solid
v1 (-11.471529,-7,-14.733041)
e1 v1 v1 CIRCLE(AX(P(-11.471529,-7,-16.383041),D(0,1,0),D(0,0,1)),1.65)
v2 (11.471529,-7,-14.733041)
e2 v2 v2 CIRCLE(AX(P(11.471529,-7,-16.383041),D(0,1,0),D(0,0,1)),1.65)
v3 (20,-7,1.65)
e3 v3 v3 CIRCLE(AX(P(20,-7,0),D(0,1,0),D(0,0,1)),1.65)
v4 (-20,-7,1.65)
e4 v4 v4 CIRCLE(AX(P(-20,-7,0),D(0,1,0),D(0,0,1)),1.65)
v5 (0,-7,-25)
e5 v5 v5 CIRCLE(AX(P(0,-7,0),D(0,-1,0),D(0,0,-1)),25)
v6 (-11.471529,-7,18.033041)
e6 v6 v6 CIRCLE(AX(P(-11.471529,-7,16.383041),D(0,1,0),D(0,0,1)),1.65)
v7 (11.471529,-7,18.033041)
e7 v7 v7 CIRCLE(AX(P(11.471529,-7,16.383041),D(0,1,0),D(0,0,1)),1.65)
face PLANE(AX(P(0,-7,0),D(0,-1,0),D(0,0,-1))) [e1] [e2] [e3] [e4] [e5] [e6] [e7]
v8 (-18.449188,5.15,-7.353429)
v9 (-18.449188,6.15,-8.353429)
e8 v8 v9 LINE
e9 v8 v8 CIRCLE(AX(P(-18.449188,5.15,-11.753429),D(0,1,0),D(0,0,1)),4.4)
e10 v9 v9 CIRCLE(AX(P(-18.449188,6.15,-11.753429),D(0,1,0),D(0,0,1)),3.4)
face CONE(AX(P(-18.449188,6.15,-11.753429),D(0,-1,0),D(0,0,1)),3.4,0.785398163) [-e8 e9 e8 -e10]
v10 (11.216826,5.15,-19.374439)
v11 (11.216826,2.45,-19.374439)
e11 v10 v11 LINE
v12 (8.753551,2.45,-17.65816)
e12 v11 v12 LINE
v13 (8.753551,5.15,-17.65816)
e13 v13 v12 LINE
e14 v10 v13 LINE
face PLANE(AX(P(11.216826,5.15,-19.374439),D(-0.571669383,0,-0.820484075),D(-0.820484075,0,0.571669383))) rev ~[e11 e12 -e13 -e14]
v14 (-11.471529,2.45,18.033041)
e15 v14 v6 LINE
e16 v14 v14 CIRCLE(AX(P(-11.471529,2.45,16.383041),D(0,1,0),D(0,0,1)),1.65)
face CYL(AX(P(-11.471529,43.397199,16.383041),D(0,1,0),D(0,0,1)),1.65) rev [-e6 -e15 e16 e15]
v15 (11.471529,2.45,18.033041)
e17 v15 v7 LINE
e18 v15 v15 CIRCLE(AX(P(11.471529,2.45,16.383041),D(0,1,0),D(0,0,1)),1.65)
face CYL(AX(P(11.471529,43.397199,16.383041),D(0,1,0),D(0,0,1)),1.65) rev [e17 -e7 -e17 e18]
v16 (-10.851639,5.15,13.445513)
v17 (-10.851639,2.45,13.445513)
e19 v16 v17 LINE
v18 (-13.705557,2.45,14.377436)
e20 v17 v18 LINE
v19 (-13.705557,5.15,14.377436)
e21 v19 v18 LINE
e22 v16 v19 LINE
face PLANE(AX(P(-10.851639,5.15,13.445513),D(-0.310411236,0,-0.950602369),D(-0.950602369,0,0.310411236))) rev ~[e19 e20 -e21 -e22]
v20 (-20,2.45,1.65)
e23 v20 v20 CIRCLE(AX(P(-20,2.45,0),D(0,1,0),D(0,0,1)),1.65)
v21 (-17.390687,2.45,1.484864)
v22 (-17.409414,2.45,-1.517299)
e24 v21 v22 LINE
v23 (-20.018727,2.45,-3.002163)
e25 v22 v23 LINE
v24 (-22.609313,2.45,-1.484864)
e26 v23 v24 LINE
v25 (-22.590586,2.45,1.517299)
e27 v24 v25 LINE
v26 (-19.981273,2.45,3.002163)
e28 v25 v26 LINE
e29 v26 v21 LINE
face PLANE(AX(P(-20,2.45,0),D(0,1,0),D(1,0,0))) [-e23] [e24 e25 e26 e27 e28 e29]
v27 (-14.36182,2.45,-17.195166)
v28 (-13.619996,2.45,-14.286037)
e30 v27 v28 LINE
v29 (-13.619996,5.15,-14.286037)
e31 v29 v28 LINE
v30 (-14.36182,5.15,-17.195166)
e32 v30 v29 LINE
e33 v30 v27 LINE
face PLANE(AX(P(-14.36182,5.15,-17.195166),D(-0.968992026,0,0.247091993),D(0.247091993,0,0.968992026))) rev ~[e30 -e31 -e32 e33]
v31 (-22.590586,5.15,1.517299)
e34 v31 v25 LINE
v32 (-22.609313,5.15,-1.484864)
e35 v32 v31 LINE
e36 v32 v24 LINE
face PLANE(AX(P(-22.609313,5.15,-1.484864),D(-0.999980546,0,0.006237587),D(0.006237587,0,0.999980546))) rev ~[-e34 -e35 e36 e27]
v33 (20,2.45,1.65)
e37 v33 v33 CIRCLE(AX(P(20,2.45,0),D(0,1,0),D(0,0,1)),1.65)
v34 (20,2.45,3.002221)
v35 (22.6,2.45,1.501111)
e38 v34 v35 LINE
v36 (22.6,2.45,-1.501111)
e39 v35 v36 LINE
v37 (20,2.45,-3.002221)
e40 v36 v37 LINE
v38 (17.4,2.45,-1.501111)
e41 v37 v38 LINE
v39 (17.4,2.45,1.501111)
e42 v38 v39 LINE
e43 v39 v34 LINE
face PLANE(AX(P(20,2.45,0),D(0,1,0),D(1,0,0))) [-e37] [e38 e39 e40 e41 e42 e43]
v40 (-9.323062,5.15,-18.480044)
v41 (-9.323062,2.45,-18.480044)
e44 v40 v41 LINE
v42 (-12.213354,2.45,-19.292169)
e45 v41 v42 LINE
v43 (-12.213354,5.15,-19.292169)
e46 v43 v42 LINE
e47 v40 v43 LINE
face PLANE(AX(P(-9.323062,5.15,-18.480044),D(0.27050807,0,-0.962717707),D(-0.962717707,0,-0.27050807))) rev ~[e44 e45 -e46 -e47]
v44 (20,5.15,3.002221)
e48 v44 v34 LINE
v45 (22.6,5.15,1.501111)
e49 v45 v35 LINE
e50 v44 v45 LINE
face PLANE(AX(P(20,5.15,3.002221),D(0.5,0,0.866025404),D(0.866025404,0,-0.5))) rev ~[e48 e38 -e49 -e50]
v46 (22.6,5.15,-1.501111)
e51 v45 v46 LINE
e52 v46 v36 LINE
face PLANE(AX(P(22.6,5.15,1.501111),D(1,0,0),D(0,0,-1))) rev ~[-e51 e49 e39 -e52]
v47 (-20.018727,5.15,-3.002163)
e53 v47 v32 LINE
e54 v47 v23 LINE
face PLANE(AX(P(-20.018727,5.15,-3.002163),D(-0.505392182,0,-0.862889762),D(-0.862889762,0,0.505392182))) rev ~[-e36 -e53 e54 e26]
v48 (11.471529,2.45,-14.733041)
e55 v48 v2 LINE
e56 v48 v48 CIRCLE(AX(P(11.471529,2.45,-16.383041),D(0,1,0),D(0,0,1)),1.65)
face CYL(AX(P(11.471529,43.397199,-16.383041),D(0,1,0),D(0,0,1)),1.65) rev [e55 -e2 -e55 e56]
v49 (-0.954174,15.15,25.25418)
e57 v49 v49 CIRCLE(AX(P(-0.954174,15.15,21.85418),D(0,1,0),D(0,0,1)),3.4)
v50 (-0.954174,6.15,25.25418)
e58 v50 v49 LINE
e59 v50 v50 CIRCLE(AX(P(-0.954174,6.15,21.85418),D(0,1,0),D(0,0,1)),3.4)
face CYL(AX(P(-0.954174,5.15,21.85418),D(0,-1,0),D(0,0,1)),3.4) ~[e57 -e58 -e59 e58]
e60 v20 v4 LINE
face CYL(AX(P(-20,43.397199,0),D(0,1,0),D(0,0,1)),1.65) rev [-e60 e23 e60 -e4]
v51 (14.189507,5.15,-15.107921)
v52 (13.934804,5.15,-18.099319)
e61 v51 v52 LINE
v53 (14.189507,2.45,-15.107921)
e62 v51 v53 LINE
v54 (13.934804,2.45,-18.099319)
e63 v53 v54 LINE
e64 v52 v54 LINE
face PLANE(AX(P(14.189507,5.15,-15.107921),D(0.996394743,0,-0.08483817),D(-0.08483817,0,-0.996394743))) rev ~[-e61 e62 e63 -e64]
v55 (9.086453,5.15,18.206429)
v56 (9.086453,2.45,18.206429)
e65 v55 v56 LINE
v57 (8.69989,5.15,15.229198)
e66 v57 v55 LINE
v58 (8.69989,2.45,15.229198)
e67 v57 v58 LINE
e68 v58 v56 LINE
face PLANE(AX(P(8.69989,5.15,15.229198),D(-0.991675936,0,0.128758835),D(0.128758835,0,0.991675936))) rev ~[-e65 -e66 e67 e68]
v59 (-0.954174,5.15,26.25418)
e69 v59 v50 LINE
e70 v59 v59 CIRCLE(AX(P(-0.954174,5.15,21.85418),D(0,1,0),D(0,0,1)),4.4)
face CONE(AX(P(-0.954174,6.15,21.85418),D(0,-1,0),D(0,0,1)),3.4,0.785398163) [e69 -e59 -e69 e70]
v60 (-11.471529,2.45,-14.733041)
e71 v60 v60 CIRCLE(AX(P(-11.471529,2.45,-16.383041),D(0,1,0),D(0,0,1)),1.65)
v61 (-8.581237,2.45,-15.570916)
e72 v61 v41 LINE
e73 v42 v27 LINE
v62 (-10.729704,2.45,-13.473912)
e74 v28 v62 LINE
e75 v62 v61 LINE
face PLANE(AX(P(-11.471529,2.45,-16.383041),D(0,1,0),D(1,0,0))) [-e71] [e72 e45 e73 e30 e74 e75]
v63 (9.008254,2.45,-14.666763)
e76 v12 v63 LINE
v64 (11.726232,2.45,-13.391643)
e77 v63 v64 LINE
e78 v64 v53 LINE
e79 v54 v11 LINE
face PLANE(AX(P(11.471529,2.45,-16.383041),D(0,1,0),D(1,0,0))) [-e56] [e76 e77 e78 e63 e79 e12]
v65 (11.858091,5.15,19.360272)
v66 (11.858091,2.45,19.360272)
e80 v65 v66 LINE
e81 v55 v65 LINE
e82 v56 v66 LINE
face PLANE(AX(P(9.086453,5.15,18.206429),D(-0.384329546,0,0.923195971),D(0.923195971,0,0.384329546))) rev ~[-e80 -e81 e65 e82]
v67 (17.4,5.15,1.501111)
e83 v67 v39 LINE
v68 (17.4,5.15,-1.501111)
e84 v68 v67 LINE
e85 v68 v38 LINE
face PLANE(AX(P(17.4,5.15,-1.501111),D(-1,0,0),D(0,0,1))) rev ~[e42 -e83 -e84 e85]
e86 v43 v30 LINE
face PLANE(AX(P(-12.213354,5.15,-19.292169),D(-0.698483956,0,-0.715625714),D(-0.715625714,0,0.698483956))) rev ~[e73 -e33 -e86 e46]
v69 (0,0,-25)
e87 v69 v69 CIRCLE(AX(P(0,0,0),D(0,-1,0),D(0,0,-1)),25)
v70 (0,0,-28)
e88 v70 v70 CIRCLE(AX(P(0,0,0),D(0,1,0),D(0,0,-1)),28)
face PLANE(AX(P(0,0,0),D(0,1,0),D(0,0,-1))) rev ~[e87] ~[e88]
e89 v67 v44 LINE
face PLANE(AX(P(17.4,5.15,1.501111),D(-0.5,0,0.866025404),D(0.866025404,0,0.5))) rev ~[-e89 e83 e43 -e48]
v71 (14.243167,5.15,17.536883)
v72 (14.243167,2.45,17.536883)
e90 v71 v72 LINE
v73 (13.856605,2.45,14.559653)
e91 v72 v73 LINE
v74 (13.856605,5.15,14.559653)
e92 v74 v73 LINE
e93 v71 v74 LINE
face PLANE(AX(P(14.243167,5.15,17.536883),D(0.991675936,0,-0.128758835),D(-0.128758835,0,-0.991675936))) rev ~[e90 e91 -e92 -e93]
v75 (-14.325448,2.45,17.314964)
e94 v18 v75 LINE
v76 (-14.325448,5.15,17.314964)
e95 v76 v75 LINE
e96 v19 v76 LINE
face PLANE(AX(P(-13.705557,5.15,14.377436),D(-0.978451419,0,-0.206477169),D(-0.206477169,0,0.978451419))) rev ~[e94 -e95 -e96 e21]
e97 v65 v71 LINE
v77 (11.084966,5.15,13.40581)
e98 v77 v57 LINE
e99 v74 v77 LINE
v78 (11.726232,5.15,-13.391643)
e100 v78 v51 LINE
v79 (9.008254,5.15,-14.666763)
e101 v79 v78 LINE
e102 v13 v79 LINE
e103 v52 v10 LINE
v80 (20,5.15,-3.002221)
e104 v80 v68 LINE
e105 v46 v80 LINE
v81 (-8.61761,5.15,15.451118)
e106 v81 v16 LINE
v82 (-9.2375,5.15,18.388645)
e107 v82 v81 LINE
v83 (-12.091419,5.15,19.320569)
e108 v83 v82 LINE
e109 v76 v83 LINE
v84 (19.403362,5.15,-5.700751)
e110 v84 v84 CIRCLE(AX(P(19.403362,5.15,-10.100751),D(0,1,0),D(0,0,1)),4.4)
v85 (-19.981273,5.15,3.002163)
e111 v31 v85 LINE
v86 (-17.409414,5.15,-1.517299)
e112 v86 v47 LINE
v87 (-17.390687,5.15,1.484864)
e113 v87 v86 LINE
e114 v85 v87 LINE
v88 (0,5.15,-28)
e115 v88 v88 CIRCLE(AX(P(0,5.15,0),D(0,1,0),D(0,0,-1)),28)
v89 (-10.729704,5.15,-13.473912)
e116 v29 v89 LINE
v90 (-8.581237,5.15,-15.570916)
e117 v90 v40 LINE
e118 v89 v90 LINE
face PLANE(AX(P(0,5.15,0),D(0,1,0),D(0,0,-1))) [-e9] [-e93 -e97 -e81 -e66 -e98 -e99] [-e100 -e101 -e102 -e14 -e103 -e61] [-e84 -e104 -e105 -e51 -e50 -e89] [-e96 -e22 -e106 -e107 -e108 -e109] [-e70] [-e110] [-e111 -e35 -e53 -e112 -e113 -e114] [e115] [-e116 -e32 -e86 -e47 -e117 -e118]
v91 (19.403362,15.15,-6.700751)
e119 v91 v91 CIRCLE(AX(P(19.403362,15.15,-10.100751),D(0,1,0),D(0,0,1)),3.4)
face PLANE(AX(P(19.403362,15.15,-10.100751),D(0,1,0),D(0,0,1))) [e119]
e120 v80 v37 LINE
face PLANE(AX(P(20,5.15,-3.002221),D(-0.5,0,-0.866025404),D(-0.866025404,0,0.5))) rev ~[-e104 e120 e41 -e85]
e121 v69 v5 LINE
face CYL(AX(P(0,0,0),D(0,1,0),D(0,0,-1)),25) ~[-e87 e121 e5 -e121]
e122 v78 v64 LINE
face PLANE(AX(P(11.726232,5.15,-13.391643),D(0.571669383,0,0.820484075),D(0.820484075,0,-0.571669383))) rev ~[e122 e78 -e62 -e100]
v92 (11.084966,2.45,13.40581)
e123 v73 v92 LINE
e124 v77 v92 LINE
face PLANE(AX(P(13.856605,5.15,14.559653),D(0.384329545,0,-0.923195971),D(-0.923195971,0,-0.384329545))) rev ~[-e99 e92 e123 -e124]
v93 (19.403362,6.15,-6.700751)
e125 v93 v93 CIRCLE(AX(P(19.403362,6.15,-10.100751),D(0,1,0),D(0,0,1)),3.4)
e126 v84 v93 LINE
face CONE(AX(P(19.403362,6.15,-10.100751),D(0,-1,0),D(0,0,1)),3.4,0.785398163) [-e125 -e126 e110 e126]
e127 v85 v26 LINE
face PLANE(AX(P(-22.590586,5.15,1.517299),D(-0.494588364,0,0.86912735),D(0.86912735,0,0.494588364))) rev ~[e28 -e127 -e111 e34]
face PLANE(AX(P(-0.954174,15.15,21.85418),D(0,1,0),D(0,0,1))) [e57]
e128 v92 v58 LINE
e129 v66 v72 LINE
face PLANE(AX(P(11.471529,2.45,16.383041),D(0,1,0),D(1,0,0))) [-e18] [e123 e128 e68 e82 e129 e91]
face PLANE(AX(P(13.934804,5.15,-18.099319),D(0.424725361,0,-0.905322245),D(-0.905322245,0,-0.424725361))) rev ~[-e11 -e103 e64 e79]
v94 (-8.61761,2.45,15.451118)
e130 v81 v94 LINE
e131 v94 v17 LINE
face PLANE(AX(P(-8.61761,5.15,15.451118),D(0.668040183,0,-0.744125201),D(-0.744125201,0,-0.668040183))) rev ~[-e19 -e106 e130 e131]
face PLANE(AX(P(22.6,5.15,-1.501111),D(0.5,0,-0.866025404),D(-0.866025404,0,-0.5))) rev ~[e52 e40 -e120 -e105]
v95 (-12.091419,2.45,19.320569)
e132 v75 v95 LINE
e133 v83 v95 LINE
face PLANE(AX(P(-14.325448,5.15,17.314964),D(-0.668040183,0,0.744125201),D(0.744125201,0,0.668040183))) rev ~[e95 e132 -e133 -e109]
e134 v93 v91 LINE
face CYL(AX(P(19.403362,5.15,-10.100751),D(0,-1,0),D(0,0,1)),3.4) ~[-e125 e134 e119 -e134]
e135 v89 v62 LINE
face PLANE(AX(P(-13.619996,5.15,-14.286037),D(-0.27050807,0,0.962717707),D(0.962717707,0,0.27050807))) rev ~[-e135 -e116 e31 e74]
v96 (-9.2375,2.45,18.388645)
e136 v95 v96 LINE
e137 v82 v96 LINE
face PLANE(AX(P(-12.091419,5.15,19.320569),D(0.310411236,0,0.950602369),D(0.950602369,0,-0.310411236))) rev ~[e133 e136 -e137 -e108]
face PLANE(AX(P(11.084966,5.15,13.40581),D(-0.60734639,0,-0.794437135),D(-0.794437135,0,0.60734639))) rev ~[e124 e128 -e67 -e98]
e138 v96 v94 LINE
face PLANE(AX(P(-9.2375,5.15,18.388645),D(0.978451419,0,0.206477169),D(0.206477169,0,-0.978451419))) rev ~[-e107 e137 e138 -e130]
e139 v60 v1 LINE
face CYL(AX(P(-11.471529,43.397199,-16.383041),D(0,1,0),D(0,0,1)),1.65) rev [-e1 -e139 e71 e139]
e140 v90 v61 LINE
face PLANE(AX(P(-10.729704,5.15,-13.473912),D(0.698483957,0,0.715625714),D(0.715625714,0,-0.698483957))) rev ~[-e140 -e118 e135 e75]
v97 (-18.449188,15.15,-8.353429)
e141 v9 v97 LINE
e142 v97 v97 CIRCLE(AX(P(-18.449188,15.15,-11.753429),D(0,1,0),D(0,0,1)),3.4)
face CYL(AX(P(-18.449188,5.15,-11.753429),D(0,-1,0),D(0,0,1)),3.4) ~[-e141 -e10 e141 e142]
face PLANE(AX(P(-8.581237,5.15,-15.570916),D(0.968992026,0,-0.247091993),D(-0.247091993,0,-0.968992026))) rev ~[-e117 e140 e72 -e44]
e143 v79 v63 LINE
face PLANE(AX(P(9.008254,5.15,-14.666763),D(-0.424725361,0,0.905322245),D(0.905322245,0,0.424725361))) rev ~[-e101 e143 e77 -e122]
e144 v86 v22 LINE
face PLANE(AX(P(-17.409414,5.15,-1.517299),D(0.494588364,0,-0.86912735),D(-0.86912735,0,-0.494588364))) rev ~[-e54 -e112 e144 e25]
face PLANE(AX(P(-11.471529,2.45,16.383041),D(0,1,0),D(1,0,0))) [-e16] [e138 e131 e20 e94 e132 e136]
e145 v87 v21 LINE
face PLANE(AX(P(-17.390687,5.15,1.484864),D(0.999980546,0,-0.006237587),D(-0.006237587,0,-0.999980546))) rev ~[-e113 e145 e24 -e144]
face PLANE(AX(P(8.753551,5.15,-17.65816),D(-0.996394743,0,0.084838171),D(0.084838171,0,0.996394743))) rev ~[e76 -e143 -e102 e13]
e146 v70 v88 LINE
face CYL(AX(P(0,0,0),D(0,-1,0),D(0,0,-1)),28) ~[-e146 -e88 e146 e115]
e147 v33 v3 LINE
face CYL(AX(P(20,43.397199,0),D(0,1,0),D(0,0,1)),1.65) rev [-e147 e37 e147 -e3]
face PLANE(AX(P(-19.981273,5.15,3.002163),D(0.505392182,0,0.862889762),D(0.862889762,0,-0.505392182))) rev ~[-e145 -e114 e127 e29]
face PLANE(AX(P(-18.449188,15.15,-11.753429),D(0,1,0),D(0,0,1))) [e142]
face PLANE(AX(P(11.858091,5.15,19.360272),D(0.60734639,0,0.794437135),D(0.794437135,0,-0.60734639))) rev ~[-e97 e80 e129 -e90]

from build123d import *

# Parameters (mm, degrees)
SKETCH3_R               = 28
BOSS_EXTRUDE1_DEPTH     = 5.15
SKETCH6_R               = 25
BOSS_EXTRUDE4_DEPTH     = 7
SKETCH7_R               = 3.4
BOSS_EXTRUDE5_DEPTH     = 10
CUT_EXTRUDE1_DEPTH      = 10
CUT_EXTRUDE1_DEPTH_BACK = 43.3971992
SKETCH8_R               = 1.65
CUT_EXTRUDE3_DEPTH      = 2.7
CHAMFER1_SIZE           = 1


with BuildPart() as part:
    # Sketch3 → Boss-Extrude1 (new body)
    with BuildSketch(Plane(origin=(0, 0, 0), x_dir=(1, 0, 0), z_dir=(0, 1, 0))):
        with Locations(Location((0, 0, 0), (0, 0, 90))):
            Circle(SKETCH3_R)
    extrude(amount=BOSS_EXTRUDE1_DEPTH)

    # Sketch6 → Boss-Extrude4 (add)
    with BuildSketch(Plane.XZ):
        with Locations(Location((0, 0, 0), (0, 0, 270))):
            Circle(SKETCH6_R)
    extrude(amount=BOSS_EXTRUDE4_DEPTH)

    # Sketch7 → Boss-Extrude5 (add)
    with BuildSketch(Plane(origin=(0, 5.15, 0), x_dir=(1, 0, 0), z_dir=(0, 1, 0))):
        with Locations(Location((-0.954174099, -21.854179847, 0), (0, 0, 270))):
            Circle(SKETCH7_R)
        with Locations(Location((-18.449187877, 11.753428933, 0), (0, 0, 270))):
            Circle(SKETCH7_R)
        with Locations(Location((19.403361976, 10.100750915, 0), (0, 0, 270))):
            Circle(SKETCH7_R)
    extrude(amount=BOSS_EXTRUDE5_DEPTH)

    # Sketch8 → Cut-Extrude1 (cut, two sides: drawn at the far end of the back side and taken through both)
    with BuildSketch(Plane.XZ.offset(-CUT_EXTRUDE1_DEPTH_BACK)):
        with Locations(Location((20, 0, 0), (0, 0, 90))):
            Circle(SKETCH8_R)
        with Locations(Location((-20, 0, 0), (0, 0, 90))):
            Circle(SKETCH8_R)
        with Locations(Location((11.471528727, 16.383040886, 0), (0, 0, 90))):
            Circle(SKETCH8_R)
        with Locations(Location((-11.471528727, -16.383040886, 0), (0, 0, 90))):
            Circle(SKETCH8_R)
        with Locations(Location((11.471528727, -16.383040886, 0), (0, 0, 90))):
            Circle(SKETCH8_R)
        with Locations(Location((-11.471528727, 16.383040886, 0), (0, 0, 90))):
            Circle(SKETCH8_R)
    extrude(amount=CUT_EXTRUDE1_DEPTH + CUT_EXTRUDE1_DEPTH_BACK, mode=Mode.SUBTRACT)

    # Sketch11 → Cut-Extrude3 (cut)
    with BuildSketch(Plane(origin=(0, 5.15, 0), x_dir=(1, 0, 0), z_dir=(0, 1, 0))):
        Polygon((11.858091258, -19.360271603), (14.243167426, -17.536883273), (13.856604896, -14.559652555), (11.084966196, -13.405810169), (8.699890028, -15.229198499), (9.086452558, -18.206429216), align=None)
        Polygon((-12.091418901, -19.320568674), (-9.237500125, -18.388645418), (-8.617609951, -15.45111763), (-10.851638553, -13.445513098), (-13.705557329, -14.377436353), (-14.325447503, -17.314964141), align=None)
        Polygon((-22.590586111, -1.517299224), (-19.981273382, -3.002162995), (-17.390687271, -1.48486377), (-17.409413889, 1.517299224), (-20.018726618, 3.002162995), (-22.609312729, 1.48486377), align=None)
        Polygon((20, -3.0022214), (22.6, -1.5011107), (22.6, 1.5011107), (20, 3.0022214), (17.4, 1.5011107), (17.4, -1.5011107), align=None)
        Polygon((9.008253879, 14.666762832), (11.726231698, 13.391643264), (14.189506546, 15.107921318), (13.934803575, 18.09931894), (11.216825756, 19.374438507), (8.753550908, 17.658160453), align=None)
        Polygon((-10.729703857, 13.473912288), (-8.581237024, 15.57091577), (-9.323061894, 18.480044367), (-12.213353597, 19.292169483), (-14.36182043, 17.195166002), (-13.61999556, 14.286037405), align=None)
    extrude(amount=-CUT_EXTRUDE3_DEPTH, mode=Mode.SUBTRACT)

    # Chamfer1
    chamfer1_edges = [part.edges().sort_by_distance(p)[0] for p in [
        (-18.449187877, 5.15, -15.153428933),
        (-0.954174099, 5.15, 18.454179847),
        (19.403361976, 5.15, -13.500750915),
    ]]
    chamfer(chamfer1_edges, length=CHAMFER1_SIZE)


solid = part.part
